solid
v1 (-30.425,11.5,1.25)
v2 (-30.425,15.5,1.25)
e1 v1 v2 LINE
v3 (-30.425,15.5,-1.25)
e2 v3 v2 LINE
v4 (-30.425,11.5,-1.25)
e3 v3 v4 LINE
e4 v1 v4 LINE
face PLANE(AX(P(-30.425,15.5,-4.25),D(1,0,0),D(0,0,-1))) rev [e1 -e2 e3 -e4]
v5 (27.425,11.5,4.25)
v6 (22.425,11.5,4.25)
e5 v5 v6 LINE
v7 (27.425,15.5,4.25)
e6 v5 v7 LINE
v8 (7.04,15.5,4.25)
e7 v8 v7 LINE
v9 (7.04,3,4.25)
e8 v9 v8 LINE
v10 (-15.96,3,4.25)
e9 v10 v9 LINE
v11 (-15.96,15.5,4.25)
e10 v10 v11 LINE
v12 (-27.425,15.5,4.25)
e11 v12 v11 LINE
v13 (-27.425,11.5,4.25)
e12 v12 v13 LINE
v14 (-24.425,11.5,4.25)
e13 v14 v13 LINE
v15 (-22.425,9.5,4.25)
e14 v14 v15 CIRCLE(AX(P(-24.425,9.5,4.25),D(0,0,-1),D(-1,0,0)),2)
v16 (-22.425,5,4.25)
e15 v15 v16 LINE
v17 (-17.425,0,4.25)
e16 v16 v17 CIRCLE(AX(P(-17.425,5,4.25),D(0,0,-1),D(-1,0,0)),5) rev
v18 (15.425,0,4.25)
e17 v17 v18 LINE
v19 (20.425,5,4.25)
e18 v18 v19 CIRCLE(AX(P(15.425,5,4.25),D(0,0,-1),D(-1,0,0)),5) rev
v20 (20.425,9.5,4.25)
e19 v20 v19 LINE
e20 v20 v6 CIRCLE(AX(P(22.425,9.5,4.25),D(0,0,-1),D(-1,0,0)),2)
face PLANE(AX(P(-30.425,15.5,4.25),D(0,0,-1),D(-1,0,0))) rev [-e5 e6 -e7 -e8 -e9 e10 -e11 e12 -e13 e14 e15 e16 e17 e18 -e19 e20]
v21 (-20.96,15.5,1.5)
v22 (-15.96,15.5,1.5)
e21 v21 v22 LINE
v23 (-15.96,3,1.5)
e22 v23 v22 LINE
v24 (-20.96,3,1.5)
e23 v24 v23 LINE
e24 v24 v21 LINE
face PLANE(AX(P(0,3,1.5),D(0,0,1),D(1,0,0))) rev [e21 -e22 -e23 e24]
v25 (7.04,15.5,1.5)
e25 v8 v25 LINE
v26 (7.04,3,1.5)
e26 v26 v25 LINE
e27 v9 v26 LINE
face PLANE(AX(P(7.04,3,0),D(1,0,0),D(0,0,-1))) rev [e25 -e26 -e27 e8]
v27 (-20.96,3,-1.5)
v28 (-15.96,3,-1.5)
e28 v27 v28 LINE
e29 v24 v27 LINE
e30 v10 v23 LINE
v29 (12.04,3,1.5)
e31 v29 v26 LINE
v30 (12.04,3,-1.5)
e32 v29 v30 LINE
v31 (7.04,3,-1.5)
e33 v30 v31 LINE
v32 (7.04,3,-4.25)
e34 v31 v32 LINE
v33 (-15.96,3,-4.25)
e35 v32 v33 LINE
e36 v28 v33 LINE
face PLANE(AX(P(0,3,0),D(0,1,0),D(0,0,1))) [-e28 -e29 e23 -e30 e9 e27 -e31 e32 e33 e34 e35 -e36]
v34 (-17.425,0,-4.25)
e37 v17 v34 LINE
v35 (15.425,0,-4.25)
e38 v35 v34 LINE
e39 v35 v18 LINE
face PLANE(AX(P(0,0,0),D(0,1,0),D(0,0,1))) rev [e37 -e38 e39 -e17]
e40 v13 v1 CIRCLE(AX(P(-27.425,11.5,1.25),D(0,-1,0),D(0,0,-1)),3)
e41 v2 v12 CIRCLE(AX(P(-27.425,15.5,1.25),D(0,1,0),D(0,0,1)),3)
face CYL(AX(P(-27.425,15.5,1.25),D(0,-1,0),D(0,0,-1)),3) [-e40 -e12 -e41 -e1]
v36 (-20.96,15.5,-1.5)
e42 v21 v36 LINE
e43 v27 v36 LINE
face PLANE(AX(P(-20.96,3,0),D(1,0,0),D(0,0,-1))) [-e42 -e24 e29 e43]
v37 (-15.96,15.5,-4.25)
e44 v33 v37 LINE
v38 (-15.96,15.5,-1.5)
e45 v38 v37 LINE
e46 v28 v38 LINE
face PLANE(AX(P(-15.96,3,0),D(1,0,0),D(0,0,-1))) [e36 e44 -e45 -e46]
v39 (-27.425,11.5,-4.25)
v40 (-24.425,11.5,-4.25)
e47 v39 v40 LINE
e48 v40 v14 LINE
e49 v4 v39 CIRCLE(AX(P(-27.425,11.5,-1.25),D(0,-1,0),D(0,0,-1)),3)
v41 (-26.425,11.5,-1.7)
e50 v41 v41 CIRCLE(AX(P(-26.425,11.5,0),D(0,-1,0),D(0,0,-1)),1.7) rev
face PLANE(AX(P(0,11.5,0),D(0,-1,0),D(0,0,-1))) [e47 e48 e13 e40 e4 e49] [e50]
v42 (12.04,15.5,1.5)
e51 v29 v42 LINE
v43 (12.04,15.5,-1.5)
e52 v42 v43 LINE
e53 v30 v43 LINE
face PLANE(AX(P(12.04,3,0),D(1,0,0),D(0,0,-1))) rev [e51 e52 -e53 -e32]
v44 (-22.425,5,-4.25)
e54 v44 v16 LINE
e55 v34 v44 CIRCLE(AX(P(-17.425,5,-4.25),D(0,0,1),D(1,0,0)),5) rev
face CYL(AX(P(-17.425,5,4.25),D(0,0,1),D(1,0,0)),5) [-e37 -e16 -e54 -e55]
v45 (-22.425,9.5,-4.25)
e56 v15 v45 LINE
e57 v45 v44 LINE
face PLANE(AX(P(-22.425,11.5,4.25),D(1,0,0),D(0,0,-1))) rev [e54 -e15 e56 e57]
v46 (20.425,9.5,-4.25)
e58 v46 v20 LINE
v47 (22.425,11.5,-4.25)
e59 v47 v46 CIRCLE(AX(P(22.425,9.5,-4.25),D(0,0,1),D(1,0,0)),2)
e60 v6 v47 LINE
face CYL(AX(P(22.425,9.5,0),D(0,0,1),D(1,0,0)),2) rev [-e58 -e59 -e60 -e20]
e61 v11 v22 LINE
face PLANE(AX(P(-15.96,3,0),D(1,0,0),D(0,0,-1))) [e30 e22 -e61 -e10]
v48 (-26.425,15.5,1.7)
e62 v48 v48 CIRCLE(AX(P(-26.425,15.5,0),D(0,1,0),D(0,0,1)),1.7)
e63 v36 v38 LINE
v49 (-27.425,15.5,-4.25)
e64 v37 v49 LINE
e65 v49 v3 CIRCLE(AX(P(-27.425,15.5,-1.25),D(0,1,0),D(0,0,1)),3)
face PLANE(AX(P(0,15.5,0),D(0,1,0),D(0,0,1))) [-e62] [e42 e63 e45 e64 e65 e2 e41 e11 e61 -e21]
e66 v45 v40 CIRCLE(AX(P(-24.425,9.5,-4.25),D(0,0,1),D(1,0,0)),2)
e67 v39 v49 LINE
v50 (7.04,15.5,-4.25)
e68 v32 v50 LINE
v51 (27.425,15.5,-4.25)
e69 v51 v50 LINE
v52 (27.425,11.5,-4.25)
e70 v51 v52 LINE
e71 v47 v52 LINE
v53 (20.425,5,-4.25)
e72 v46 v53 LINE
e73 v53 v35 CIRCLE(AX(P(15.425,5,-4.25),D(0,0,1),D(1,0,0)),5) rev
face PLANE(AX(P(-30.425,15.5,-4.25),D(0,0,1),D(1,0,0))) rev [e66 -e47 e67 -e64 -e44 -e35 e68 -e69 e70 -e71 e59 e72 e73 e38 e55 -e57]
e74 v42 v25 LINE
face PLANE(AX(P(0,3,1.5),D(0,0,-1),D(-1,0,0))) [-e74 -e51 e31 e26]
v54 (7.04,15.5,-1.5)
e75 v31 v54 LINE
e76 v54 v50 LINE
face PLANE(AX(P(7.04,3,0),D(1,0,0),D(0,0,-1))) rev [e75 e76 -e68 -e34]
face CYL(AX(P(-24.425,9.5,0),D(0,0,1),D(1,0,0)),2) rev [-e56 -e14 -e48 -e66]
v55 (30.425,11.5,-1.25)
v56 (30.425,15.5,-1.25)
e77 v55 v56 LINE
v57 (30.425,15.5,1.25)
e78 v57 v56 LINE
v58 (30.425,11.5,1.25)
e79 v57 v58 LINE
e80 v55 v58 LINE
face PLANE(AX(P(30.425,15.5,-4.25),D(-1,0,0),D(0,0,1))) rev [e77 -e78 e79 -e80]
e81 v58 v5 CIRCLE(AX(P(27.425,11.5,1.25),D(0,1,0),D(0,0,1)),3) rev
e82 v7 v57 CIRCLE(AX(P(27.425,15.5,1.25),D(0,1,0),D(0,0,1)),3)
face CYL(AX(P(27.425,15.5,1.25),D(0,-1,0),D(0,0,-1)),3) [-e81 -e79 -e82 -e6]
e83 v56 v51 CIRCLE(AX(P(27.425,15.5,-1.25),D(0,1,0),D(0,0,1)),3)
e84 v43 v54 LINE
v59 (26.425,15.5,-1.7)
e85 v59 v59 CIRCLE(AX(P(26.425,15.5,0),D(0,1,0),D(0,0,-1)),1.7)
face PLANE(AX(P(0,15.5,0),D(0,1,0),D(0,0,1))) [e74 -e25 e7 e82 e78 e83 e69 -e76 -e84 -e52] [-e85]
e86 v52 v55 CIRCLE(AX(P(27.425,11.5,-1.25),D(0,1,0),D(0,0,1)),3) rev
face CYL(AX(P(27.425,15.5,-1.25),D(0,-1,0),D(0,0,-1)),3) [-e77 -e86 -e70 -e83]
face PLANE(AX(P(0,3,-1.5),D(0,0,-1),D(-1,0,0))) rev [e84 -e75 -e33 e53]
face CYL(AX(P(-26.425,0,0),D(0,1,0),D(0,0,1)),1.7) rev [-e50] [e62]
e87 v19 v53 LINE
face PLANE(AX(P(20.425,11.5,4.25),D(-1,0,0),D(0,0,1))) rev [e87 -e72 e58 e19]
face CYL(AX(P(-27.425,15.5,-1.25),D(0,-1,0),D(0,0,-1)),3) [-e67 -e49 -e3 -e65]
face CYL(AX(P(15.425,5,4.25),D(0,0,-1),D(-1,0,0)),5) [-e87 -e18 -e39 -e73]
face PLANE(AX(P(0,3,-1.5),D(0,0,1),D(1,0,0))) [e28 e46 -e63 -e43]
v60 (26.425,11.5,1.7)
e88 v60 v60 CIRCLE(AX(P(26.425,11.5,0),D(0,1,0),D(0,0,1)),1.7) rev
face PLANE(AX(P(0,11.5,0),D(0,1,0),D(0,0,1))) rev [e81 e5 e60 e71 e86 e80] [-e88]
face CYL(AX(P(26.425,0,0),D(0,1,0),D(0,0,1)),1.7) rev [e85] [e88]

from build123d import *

# Parameters (mm, degrees)
SKETCH1_W           = 60.85
SKETCH1_H           = 8.5
BOSS_EXTRUDE1_DEPTH = 15.5
SKETCH4_R           = 1.7
CUT_EXTRUDE3_DEPTH  = 35.409201168
SKETCH2_W           = 5
SKETCH2_H           = 3
CUT_EXTRUDE1_DEPTH  = 12.5
SKETCH3_W           = 8
SKETCH3_H           = 8.5
SKETCH3_W_2         = 10
CUT_EXTRUDE2_DEPTH  = 11.5
FILLET1_R           = 2
FILLET2_R           = 3
FILLET3_R           = 5


with BuildPart() as part:
    # Sketch1 → Boss-Extrude1 (new body)
    with BuildSketch(Plane(origin=(0, 0, 0), x_dir=(1, 0, 0), z_dir=(0, 1, 0))):
        Rectangle(SKETCH1_W, SKETCH1_H)
    extrude(amount=BOSS_EXTRUDE1_DEPTH)

    # Sketch4 → Cut-Extrude3 (cut, through all)
    with BuildSketch(Plane(origin=(0, 15.5, 0), x_dir=(1, 0, 0), z_dir=(0, 1, 0))):
        with Locations(Location((-26.425, 0, 0), (0, 0, 270))):
            Circle(SKETCH4_R)
        with Locations(Location((26.425, 0, 0), (0, 0, 90))):
            Circle(SKETCH4_R)
    extrude(amount=-CUT_EXTRUDE3_DEPTH, mode=Mode.SUBTRACT)

    # Sketch2 → Cut-Extrude1 (cut)
    with BuildSketch(Plane(origin=(0, 15.5, 0), x_dir=(1, 0, 0), z_dir=(0, 1, 0))):
        Polygon((-15.96, -1.5), (-15.96, -4.25), (7.04, -4.25), (7.04, -1.5), (7.04, 1.5), (7.04, 4.25), (-15.96, 4.25), (-15.96, 1.5), align=None)
        with Locations((-18.46, 0)):
            Rectangle(SKETCH2_W, SKETCH2_H)
        with Locations((9.54, 0)):
            Rectangle(SKETCH2_W, SKETCH2_H)
    extrude(amount=-CUT_EXTRUDE1_DEPTH, mode=Mode.SUBTRACT)

    # Sketch3 → Cut-Extrude2 (cut)
    with BuildSketch(Plane.XZ):
        with Locations((-26.425, 0)):
            Rectangle(SKETCH3_W, SKETCH3_H)
        with Locations((25.425, 0)):
            Rectangle(SKETCH3_W_2, SKETCH3_H)
    extrude(amount=-CUT_EXTRUDE2_DEPTH, mode=Mode.SUBTRACT)

    # Fillet1
    fillet1_edges = [part.edges().sort_by_distance(p)[0] for p in [
        (-22.425, 11.5, 0),
        (20.425, 11.5, 0),
    ]]
    fillet(fillet1_edges, radius=FILLET1_R)

    # Fillet2
    fillet2_edges = [part.edges().sort_by_distance(p)[0] for p in [
        (30.425, 13.5, 4.25),
        (-30.425, 13.5, 4.25),
        (-30.425, 13.5, -4.25),
        (30.425, 13.5, -4.25),
    ]]
    fillet(fillet2_edges, radius=FILLET2_R)

    # Fillet3
    fillet3_edges = [part.edges().sort_by_distance(p)[0] for p in [
        (-22.425, 0, 0),
        (20.425, 0, 0),
    ]]
    fillet(fillet3_edges, radius=FILLET3_R)


solid = part.part
